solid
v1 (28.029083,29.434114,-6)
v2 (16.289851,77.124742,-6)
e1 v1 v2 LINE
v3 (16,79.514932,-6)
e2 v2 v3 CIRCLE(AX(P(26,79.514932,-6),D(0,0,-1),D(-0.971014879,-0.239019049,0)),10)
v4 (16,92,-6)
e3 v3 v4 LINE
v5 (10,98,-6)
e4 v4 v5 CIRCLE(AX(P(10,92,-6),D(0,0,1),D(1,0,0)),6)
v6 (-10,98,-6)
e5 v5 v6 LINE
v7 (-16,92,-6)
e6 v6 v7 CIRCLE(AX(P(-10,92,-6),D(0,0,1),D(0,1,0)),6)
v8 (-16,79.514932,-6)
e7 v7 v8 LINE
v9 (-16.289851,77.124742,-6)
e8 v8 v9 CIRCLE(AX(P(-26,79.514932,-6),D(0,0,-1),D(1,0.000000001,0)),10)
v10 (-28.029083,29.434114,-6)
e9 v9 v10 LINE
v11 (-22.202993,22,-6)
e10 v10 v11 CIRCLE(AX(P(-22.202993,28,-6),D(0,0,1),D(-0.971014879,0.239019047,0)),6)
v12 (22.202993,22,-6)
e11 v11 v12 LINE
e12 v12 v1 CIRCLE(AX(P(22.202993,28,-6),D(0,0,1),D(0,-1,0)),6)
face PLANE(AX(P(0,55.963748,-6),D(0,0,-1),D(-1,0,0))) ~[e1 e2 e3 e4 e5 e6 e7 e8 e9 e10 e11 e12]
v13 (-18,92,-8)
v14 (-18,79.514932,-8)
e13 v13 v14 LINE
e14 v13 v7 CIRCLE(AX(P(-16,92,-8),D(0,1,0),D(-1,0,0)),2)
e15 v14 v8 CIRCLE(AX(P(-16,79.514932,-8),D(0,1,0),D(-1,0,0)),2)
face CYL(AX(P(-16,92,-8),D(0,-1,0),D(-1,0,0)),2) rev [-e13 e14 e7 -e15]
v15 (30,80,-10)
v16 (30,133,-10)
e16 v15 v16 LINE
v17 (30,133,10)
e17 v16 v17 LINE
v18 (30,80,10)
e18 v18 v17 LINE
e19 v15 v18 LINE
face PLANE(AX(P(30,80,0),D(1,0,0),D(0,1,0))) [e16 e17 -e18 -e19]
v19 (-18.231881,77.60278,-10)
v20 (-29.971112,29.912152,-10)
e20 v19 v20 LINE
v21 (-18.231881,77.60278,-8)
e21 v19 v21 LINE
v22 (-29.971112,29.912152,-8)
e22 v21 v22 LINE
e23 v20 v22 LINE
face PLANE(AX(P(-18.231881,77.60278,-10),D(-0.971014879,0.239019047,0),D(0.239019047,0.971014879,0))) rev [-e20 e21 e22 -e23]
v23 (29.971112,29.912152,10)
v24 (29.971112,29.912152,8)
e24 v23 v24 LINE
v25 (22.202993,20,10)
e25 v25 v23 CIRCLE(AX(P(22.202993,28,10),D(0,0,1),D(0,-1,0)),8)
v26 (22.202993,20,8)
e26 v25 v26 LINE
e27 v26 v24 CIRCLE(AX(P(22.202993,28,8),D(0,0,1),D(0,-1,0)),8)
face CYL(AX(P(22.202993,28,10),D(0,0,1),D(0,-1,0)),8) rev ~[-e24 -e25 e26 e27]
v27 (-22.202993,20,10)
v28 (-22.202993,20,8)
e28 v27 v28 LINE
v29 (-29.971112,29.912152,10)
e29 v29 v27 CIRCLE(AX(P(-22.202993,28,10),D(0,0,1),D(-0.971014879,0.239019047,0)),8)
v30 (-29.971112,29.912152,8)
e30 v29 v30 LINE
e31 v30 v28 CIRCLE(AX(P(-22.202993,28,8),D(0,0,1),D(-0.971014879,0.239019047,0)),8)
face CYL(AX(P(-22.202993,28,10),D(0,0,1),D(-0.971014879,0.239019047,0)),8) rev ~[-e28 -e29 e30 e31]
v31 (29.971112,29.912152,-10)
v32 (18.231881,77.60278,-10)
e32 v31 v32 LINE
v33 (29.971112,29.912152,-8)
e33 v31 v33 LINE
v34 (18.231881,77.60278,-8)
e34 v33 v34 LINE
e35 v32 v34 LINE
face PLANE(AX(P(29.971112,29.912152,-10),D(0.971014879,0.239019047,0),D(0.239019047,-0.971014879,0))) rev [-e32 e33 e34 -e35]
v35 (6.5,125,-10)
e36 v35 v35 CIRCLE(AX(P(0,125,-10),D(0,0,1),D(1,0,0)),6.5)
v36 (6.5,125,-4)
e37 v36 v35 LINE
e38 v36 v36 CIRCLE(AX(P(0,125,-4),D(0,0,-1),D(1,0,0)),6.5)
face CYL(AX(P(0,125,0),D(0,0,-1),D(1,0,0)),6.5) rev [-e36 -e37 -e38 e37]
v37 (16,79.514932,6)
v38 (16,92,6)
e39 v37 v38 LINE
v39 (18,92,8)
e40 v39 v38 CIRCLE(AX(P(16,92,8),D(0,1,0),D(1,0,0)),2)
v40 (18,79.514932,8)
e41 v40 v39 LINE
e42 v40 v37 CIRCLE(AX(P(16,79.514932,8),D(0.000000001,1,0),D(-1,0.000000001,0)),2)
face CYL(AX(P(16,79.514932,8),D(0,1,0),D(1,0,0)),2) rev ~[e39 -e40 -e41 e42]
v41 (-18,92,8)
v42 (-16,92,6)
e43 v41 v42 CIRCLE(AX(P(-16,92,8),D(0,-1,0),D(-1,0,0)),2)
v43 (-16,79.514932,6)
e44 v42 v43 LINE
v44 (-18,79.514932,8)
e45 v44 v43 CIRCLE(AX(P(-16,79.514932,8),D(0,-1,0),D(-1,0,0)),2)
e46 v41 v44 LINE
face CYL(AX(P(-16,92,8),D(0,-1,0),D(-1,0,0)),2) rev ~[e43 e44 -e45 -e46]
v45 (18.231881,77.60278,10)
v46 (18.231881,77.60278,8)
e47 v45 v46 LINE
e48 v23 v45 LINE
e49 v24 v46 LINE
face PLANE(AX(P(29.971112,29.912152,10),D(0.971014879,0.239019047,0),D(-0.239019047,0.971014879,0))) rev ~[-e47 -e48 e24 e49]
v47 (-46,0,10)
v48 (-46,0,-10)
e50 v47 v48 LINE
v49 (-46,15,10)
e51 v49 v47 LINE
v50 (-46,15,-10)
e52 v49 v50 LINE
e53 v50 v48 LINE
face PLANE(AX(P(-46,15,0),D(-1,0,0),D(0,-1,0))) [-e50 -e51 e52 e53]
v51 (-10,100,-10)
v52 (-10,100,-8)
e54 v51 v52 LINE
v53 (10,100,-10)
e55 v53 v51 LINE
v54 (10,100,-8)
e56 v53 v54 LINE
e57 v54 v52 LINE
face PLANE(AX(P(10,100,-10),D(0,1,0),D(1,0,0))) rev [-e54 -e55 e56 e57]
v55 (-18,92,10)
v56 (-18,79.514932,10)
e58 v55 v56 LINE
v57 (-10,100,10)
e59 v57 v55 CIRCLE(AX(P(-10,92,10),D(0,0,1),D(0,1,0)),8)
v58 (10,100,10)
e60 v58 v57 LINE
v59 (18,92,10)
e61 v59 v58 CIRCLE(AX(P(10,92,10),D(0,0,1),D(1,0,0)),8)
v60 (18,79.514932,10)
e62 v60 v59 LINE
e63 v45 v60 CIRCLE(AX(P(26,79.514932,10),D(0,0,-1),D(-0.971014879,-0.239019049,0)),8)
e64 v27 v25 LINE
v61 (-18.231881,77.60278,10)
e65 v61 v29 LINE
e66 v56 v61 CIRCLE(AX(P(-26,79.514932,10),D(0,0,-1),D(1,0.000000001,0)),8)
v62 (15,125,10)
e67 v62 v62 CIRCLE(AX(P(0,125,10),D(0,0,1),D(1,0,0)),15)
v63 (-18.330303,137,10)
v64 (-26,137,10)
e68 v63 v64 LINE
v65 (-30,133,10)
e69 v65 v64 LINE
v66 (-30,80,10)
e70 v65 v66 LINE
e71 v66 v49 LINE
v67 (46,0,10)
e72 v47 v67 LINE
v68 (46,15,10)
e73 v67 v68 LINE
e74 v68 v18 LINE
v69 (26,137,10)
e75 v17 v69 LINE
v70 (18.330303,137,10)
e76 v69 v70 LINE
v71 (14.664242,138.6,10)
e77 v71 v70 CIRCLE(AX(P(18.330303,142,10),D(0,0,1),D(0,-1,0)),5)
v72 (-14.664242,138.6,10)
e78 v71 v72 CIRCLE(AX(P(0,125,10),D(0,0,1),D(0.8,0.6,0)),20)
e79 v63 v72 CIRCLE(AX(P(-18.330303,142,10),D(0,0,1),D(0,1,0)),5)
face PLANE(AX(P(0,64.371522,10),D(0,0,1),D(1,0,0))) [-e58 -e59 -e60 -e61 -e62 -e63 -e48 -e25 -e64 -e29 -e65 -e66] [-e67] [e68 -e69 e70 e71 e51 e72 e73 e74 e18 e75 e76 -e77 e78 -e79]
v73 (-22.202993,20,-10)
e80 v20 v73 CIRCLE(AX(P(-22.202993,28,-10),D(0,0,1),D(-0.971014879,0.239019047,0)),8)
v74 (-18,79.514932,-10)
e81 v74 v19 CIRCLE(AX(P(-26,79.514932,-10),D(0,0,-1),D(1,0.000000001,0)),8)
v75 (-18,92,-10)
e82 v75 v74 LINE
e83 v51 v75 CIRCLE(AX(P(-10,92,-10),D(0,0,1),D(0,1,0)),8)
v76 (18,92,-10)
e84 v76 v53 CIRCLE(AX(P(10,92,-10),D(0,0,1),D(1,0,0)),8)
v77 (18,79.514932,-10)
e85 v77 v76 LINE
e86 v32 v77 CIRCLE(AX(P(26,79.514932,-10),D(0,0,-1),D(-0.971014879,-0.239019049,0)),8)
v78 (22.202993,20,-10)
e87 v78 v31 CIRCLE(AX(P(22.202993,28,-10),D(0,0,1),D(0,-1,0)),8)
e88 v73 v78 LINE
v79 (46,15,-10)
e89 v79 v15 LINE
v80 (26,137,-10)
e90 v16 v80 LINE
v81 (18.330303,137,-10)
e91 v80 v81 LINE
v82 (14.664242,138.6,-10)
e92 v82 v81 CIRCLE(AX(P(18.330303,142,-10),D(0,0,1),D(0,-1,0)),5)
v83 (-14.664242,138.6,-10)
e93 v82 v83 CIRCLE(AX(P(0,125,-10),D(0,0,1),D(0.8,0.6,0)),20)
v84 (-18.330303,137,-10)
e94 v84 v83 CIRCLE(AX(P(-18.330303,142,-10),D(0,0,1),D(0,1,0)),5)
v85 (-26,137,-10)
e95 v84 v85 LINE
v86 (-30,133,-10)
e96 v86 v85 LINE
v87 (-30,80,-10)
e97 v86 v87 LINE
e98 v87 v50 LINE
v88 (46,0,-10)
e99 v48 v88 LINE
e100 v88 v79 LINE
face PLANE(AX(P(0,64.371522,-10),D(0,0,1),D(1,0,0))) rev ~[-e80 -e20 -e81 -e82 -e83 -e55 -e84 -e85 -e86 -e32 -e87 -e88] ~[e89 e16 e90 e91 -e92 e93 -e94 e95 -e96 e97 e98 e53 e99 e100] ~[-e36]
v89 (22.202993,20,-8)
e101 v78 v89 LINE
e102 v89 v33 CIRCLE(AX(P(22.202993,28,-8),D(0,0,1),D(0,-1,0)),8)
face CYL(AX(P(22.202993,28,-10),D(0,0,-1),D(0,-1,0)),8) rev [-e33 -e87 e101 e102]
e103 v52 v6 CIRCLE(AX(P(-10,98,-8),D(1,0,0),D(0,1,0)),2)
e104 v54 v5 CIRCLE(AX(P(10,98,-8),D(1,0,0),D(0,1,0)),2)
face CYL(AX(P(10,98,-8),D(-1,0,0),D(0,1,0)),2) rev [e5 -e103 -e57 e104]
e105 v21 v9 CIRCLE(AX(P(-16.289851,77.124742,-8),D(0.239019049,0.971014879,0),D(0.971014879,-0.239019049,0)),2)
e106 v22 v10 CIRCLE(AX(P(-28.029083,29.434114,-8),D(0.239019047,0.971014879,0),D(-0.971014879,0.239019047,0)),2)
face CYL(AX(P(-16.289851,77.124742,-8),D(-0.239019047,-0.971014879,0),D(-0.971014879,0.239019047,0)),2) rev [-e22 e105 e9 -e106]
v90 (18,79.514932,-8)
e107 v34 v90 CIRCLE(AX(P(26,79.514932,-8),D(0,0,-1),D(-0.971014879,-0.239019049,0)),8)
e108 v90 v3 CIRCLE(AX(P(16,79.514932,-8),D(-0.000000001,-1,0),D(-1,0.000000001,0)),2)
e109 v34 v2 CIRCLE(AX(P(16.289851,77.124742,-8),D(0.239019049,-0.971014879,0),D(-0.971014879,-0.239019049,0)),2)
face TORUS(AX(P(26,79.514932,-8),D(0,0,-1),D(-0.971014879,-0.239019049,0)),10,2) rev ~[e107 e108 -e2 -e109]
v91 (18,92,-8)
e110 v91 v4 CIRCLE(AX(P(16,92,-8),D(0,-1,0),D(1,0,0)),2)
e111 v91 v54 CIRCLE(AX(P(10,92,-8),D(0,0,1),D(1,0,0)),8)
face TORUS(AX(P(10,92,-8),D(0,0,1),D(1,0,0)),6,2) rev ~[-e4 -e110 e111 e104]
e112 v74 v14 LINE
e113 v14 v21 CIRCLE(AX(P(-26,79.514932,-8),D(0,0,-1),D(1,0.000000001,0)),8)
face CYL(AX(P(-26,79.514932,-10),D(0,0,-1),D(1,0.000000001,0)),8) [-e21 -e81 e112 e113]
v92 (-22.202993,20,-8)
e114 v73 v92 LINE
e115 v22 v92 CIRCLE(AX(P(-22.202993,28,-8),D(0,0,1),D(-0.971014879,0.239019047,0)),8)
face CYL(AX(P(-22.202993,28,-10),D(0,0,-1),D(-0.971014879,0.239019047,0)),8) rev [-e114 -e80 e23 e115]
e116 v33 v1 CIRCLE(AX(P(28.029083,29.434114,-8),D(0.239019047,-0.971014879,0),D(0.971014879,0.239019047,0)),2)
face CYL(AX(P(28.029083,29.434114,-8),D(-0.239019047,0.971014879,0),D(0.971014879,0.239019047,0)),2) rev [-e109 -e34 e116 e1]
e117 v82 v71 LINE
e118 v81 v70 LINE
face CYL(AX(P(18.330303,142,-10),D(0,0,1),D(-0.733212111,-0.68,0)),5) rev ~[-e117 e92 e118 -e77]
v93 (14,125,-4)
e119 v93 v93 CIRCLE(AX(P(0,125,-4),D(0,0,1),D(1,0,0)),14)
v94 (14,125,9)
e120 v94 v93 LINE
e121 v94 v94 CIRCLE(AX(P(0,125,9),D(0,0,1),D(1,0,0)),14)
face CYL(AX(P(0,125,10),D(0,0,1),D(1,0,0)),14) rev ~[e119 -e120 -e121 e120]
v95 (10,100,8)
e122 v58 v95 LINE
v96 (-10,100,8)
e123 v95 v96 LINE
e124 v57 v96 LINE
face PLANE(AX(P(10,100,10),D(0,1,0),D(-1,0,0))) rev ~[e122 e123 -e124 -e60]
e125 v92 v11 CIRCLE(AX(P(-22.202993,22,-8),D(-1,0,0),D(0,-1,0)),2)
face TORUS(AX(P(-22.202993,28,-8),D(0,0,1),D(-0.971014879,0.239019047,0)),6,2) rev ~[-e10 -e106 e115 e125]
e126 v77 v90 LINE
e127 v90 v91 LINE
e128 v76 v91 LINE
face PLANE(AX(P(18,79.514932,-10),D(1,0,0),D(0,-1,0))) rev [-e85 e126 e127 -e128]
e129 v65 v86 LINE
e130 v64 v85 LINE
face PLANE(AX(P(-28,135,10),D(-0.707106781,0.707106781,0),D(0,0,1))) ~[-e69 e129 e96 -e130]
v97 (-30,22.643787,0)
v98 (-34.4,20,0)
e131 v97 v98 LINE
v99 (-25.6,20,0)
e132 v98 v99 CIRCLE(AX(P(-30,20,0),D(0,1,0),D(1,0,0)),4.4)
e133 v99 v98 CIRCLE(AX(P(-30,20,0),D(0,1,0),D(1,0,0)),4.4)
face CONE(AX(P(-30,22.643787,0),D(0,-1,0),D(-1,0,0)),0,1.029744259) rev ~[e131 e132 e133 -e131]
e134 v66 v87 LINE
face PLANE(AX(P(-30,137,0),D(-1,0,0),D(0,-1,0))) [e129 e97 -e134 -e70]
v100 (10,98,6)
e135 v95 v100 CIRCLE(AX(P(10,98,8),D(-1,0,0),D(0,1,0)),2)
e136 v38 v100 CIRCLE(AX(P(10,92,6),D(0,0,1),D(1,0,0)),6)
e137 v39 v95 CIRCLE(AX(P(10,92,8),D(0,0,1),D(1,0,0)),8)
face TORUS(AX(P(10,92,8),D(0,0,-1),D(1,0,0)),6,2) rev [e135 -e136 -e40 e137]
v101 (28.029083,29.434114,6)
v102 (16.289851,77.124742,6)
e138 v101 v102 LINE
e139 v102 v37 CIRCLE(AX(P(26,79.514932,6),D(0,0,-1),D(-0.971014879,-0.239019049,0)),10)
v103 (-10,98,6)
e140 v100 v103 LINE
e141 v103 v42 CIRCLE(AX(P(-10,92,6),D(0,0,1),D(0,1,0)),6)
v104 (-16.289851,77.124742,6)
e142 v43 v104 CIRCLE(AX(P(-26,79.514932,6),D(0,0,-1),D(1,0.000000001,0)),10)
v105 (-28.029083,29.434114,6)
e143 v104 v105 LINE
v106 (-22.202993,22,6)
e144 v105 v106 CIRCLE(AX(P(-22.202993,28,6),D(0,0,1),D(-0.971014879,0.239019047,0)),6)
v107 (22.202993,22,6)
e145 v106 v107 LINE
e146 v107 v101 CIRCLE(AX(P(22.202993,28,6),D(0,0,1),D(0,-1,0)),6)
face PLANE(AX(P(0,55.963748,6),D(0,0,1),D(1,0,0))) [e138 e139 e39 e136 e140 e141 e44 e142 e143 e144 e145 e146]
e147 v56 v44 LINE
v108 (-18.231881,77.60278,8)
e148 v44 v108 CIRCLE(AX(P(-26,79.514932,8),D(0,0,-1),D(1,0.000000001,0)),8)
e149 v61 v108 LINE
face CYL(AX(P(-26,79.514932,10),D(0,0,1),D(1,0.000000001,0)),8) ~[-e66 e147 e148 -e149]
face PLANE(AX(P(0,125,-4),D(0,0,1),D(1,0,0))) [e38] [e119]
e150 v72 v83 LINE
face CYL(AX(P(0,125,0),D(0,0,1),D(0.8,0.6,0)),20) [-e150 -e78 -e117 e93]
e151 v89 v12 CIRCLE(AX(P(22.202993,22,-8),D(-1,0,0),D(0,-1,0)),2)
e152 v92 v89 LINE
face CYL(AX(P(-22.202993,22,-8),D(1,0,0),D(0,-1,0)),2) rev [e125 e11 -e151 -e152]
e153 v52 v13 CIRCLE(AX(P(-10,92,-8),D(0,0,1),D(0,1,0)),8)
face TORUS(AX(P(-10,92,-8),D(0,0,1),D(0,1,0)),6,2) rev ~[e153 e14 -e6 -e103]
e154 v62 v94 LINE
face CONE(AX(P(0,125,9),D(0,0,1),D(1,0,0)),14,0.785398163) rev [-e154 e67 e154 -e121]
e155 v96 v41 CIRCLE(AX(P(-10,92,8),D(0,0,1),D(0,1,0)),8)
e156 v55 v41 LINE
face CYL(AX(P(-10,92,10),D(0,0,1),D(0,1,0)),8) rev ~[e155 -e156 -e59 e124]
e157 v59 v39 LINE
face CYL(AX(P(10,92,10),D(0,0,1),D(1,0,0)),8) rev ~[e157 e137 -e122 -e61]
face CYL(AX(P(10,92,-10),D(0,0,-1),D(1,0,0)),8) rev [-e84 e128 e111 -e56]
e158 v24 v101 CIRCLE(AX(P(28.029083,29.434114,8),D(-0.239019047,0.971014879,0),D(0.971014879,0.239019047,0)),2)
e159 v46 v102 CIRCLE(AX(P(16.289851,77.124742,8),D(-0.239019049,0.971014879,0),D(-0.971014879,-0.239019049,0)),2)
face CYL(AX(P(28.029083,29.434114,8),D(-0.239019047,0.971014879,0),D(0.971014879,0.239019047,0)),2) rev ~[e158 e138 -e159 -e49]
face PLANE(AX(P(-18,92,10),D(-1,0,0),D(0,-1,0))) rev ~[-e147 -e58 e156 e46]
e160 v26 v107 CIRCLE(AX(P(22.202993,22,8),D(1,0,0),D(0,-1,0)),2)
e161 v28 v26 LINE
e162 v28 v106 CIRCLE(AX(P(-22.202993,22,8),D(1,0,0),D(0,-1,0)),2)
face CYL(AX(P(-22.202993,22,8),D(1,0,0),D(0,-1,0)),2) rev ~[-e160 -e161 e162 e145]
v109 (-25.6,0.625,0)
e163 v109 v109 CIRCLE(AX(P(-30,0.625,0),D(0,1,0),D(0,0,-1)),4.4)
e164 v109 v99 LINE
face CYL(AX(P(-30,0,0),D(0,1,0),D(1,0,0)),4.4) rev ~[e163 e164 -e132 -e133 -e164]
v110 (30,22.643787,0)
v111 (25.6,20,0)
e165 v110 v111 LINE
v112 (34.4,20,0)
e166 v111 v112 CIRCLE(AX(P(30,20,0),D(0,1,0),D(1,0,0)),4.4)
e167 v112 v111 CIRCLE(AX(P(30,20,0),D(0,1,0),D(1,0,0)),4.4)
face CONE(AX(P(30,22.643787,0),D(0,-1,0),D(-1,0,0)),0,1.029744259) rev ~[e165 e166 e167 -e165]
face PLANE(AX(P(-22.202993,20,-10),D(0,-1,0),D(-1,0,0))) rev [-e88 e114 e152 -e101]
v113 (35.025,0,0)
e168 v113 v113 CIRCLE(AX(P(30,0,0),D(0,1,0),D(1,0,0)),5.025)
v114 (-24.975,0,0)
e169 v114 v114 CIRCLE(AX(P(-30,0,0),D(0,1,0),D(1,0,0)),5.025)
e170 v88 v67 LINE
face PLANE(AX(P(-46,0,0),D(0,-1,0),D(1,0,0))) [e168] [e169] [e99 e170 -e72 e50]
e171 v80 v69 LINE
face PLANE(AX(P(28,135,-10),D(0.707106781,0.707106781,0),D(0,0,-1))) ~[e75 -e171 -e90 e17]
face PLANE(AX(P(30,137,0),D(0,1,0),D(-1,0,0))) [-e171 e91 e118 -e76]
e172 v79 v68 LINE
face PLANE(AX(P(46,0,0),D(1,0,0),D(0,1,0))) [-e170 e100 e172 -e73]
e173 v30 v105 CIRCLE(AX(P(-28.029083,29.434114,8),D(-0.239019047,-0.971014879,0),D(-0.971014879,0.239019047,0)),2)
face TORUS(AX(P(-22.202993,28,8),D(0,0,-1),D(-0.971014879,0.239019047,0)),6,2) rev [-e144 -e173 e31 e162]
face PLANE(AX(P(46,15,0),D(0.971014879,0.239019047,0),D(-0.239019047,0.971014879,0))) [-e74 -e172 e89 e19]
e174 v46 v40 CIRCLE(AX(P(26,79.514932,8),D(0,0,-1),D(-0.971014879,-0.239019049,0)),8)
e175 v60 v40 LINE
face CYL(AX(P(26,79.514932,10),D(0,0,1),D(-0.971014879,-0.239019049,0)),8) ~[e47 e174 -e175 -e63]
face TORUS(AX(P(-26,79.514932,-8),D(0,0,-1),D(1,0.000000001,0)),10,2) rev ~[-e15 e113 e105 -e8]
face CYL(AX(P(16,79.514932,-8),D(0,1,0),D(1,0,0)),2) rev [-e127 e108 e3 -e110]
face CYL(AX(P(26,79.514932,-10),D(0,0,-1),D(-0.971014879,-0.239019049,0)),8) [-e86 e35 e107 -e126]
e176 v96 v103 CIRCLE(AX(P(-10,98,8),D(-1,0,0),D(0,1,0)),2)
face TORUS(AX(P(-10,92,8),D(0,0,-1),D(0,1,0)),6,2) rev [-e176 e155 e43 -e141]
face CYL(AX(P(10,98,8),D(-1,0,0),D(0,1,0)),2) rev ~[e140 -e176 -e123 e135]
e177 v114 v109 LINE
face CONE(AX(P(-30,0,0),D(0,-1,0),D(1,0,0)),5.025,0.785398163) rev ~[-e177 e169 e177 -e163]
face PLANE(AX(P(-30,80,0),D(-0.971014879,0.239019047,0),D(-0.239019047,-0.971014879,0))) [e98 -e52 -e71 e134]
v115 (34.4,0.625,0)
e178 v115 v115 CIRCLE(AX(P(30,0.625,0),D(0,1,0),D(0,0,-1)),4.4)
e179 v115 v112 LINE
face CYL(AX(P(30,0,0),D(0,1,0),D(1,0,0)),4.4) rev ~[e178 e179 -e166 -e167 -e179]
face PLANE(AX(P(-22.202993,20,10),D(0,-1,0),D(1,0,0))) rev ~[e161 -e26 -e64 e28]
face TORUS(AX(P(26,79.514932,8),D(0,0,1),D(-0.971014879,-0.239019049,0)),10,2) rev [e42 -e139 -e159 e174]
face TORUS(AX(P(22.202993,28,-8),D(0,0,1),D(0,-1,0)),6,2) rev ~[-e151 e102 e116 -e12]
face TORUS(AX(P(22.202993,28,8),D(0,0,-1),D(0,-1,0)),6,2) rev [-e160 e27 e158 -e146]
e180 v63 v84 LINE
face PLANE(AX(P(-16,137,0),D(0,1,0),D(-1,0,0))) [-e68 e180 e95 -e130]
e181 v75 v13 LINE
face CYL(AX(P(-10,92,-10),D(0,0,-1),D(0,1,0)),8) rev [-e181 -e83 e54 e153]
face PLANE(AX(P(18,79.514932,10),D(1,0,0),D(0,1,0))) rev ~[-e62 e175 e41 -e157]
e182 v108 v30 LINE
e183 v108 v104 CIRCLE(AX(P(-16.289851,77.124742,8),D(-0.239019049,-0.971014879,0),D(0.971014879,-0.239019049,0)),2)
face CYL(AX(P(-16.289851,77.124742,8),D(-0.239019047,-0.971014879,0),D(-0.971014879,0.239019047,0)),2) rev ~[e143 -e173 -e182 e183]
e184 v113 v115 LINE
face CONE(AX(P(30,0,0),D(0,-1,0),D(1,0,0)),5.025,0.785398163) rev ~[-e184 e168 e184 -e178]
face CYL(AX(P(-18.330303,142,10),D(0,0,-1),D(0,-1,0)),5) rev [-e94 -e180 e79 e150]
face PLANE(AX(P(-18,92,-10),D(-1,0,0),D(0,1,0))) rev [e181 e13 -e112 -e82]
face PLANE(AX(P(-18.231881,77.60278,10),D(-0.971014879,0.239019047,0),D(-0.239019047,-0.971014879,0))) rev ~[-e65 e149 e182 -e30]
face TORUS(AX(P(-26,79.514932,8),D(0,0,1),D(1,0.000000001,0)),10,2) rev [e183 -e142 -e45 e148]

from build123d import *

# Parameters (mm, degrees)
SKETCH1_R                         = 6.5
BOSS_EXTRUDE1_DEPTH               = 10
SKETCH2_R                         = 14
CUT_EXTRUDE1_DEPTH                = 14
CHAMFER1_SIZE                     = 1
CHAMFER2_SIZE                     = 4
FILLET1_R                         = 5
CUT_EXTRUDE2_DEPTH                = 4
FILLET2_R                         = 2
FILLET2_OF_MIRROR1_R              = 2
M10X1_25_TAPPED_HOLE2_D           = 8.8
M10X1_25_TAPPED_HOLE2_DEPTH       = 20
M10X1_25_TAPPED_HOLE2_CSINK_D     = 10.05
M10X1_25_TAPPED_HOLE2_CSINK_ANGLE = 90
M10X1_25_TAPPED_HOLE2_TIP         = 2.643786724


with BuildPart() as part:
    # Sketch1 → Boss-Extrude1 (new, symmetric)
    with BuildSketch(Plane.XY):
        with BuildLine():
            Line((-46, 0), (46, 0))
            Line((46, 0), (46, 15))
            Line((46, 15), (30, 80))
            Line((30, 80), (30, 137))
            Line((30, 137), (16, 137))
            ThreePointArc((16, 137), (0, 145), (-16, 137))
            Line((-16, 137), (-30, 137))
            Line((-30, 137), (-30, 80))
            Line((-30, 80), (-46, 15))
            Line((-46, 15), (-46, 0))
        make_face()
        with Locations((0, 125)):
            Circle(SKETCH1_R, mode=Mode.SUBTRACT)
    extrude(amount=BOSS_EXTRUDE1_DEPTH, both=True)

    # Sketch2 → Cut-Extrude1 (cut)
    with BuildSketch(Plane.XY.offset(10)):
        with Locations((0, 125)):
            Circle(SKETCH2_R)
    extrude(amount=-CUT_EXTRUDE1_DEPTH, mode=Mode.SUBTRACT)

    # Chamfer1
    chamfer1_edges = [part.edges().sort_by_distance(p)[0] for p in [
        (-14, 125, 10),
    ]]
    chamfer(chamfer1_edges, length=CHAMFER1_SIZE)

    # Chamfer2
    chamfer2_edges = [part.edges().sort_by_distance(p)[0] for p in [
        (-30, 137, 0),
        (30, 137, 0),
    ]]
    chamfer(chamfer2_edges, length=CHAMFER2_SIZE)

    # Fillet1
    fillet1_edges = [part.edges().sort_by_distance(p)[0] for p in [
        (-16, 137, 0),
        (16, 137, 0),
    ]]
    fillet(fillet1_edges, radius=FILLET1_R)

    # Sketch3 → Cut-Extrude2 (cut)
    with BuildSketch(Plane.XY.offset(10)):
        with BuildLine():
            Line((-18, 92), (-18, 79.514932029))
            ThreePointArc((-18, 79.514932029), (-18.058181812, 78.55185162), (-18.231880969, 77.602779652))
            Line((-18.231880969, 77.602779652), (-29.971112298, 29.912152377))
            ThreePointArc((-29.971112298, 29.912152377), (-28.49970745, 23.065287193), (-22.202993266, 20))
            Line((-22.202993266, 20), (22.202993266, 20))
            ThreePointArc((22.202993266, 20), (28.49970745, 23.065287193), (29.971112298, 29.912152377))
            Line((29.971112298, 29.912152377), (18.231880969, 77.602779652))
            ThreePointArc((18.231880969, 77.602779652), (18.058181812, 78.55185162), (18, 79.514932029))
            Line((18, 79.514932029), (18, 92))
            ThreePointArc((18, 92), (15.656854249, 97.656854249), (10, 100))
            Line((10, 100), (-10, 100))
            ThreePointArc((-10, 100), (-15.656854249, 97.656854249), (-18, 92))
        make_face()
    cut_extrude2 = extrude(amount=-CUT_EXTRUDE2_DEPTH, mode=Mode.SUBTRACT)

    # Fillet2
    fillet2_edges = [part.edges().sort_by_distance(p)[0] for p in [
        (18.058181812, 78.55185162, 6),
        (24.101496633, 53.757466014, 6),
        (28.49970745, 23.065287193, 6),
        (0, 20, 6),
        (-28.49970745, 23.065287193, 6),
        (-24.101496633, 53.757466014, 6),
        (-18.058181812, 78.55185162, 6),
        (-18, 85.757466014, 6),
        (-15.656854249, 97.656854249, 6),
        (0, 100, 6),
        (15.656854249, 97.656854249, 6),
        (18, 85.757466014, 6),
    ]]
    fillet(fillet2_edges, radius=FILLET2_R)

    # Mirror1: Cut-Extrude2 across plane
    add(cut_extrude2.mirror(Plane.XY), mode=Mode.SUBTRACT)

    # Fillet2 of Mirror1
    fillet2_of_mirror1_edges = [part.edges().sort_by_distance(p)[0] for p in [
        (18.058181812, 78.55185162, -6),
        (24.101496633, 53.757466014, -6),
        (28.49970745, 23.065287193, -6),
        (0, 20, -6),
        (-28.49970745, 23.065287193, -6),
        (-24.101496633, 53.757466014, -6),
        (-18.058181812, 78.55185162, -6),
        (-18, 85.757466014, -6),
        (-15.656854249, 97.656854249, -6),
        (0, 100, -6),
        (15.656854249, 97.656854249, -6),
        (18, 85.757466014, -6),
    ]]
    fillet(fillet2_of_mirror1_edges, radius=FILLET2_OF_MIRROR1_R)

    # M10x1.25 Tapped Hole2
    with Locations(Plane(origin=(0, 0, 0), x_dir=(-1, 0, 0), z_dir=(0, -1, 0))):
        with Locations((-30, 0), (30, 0)):
            CounterSinkHole(M10X1_25_TAPPED_HOLE2_D / 2, M10X1_25_TAPPED_HOLE2_CSINK_D / 2, depth=M10X1_25_TAPPED_HOLE2_DEPTH, counter_sink_angle=M10X1_25_TAPPED_HOLE2_CSINK_ANGLE)
            with Locations((0, 0, -(M10X1_25_TAPPED_HOLE2_DEPTH + M10X1_25_TAPPED_HOLE2_TIP / 2))):  # 118° drill point
                Cone(0, M10X1_25_TAPPED_HOLE2_D / 2, M10X1_25_TAPPED_HOLE2_TIP, mode=Mode.SUBTRACT)


solid = part.part
